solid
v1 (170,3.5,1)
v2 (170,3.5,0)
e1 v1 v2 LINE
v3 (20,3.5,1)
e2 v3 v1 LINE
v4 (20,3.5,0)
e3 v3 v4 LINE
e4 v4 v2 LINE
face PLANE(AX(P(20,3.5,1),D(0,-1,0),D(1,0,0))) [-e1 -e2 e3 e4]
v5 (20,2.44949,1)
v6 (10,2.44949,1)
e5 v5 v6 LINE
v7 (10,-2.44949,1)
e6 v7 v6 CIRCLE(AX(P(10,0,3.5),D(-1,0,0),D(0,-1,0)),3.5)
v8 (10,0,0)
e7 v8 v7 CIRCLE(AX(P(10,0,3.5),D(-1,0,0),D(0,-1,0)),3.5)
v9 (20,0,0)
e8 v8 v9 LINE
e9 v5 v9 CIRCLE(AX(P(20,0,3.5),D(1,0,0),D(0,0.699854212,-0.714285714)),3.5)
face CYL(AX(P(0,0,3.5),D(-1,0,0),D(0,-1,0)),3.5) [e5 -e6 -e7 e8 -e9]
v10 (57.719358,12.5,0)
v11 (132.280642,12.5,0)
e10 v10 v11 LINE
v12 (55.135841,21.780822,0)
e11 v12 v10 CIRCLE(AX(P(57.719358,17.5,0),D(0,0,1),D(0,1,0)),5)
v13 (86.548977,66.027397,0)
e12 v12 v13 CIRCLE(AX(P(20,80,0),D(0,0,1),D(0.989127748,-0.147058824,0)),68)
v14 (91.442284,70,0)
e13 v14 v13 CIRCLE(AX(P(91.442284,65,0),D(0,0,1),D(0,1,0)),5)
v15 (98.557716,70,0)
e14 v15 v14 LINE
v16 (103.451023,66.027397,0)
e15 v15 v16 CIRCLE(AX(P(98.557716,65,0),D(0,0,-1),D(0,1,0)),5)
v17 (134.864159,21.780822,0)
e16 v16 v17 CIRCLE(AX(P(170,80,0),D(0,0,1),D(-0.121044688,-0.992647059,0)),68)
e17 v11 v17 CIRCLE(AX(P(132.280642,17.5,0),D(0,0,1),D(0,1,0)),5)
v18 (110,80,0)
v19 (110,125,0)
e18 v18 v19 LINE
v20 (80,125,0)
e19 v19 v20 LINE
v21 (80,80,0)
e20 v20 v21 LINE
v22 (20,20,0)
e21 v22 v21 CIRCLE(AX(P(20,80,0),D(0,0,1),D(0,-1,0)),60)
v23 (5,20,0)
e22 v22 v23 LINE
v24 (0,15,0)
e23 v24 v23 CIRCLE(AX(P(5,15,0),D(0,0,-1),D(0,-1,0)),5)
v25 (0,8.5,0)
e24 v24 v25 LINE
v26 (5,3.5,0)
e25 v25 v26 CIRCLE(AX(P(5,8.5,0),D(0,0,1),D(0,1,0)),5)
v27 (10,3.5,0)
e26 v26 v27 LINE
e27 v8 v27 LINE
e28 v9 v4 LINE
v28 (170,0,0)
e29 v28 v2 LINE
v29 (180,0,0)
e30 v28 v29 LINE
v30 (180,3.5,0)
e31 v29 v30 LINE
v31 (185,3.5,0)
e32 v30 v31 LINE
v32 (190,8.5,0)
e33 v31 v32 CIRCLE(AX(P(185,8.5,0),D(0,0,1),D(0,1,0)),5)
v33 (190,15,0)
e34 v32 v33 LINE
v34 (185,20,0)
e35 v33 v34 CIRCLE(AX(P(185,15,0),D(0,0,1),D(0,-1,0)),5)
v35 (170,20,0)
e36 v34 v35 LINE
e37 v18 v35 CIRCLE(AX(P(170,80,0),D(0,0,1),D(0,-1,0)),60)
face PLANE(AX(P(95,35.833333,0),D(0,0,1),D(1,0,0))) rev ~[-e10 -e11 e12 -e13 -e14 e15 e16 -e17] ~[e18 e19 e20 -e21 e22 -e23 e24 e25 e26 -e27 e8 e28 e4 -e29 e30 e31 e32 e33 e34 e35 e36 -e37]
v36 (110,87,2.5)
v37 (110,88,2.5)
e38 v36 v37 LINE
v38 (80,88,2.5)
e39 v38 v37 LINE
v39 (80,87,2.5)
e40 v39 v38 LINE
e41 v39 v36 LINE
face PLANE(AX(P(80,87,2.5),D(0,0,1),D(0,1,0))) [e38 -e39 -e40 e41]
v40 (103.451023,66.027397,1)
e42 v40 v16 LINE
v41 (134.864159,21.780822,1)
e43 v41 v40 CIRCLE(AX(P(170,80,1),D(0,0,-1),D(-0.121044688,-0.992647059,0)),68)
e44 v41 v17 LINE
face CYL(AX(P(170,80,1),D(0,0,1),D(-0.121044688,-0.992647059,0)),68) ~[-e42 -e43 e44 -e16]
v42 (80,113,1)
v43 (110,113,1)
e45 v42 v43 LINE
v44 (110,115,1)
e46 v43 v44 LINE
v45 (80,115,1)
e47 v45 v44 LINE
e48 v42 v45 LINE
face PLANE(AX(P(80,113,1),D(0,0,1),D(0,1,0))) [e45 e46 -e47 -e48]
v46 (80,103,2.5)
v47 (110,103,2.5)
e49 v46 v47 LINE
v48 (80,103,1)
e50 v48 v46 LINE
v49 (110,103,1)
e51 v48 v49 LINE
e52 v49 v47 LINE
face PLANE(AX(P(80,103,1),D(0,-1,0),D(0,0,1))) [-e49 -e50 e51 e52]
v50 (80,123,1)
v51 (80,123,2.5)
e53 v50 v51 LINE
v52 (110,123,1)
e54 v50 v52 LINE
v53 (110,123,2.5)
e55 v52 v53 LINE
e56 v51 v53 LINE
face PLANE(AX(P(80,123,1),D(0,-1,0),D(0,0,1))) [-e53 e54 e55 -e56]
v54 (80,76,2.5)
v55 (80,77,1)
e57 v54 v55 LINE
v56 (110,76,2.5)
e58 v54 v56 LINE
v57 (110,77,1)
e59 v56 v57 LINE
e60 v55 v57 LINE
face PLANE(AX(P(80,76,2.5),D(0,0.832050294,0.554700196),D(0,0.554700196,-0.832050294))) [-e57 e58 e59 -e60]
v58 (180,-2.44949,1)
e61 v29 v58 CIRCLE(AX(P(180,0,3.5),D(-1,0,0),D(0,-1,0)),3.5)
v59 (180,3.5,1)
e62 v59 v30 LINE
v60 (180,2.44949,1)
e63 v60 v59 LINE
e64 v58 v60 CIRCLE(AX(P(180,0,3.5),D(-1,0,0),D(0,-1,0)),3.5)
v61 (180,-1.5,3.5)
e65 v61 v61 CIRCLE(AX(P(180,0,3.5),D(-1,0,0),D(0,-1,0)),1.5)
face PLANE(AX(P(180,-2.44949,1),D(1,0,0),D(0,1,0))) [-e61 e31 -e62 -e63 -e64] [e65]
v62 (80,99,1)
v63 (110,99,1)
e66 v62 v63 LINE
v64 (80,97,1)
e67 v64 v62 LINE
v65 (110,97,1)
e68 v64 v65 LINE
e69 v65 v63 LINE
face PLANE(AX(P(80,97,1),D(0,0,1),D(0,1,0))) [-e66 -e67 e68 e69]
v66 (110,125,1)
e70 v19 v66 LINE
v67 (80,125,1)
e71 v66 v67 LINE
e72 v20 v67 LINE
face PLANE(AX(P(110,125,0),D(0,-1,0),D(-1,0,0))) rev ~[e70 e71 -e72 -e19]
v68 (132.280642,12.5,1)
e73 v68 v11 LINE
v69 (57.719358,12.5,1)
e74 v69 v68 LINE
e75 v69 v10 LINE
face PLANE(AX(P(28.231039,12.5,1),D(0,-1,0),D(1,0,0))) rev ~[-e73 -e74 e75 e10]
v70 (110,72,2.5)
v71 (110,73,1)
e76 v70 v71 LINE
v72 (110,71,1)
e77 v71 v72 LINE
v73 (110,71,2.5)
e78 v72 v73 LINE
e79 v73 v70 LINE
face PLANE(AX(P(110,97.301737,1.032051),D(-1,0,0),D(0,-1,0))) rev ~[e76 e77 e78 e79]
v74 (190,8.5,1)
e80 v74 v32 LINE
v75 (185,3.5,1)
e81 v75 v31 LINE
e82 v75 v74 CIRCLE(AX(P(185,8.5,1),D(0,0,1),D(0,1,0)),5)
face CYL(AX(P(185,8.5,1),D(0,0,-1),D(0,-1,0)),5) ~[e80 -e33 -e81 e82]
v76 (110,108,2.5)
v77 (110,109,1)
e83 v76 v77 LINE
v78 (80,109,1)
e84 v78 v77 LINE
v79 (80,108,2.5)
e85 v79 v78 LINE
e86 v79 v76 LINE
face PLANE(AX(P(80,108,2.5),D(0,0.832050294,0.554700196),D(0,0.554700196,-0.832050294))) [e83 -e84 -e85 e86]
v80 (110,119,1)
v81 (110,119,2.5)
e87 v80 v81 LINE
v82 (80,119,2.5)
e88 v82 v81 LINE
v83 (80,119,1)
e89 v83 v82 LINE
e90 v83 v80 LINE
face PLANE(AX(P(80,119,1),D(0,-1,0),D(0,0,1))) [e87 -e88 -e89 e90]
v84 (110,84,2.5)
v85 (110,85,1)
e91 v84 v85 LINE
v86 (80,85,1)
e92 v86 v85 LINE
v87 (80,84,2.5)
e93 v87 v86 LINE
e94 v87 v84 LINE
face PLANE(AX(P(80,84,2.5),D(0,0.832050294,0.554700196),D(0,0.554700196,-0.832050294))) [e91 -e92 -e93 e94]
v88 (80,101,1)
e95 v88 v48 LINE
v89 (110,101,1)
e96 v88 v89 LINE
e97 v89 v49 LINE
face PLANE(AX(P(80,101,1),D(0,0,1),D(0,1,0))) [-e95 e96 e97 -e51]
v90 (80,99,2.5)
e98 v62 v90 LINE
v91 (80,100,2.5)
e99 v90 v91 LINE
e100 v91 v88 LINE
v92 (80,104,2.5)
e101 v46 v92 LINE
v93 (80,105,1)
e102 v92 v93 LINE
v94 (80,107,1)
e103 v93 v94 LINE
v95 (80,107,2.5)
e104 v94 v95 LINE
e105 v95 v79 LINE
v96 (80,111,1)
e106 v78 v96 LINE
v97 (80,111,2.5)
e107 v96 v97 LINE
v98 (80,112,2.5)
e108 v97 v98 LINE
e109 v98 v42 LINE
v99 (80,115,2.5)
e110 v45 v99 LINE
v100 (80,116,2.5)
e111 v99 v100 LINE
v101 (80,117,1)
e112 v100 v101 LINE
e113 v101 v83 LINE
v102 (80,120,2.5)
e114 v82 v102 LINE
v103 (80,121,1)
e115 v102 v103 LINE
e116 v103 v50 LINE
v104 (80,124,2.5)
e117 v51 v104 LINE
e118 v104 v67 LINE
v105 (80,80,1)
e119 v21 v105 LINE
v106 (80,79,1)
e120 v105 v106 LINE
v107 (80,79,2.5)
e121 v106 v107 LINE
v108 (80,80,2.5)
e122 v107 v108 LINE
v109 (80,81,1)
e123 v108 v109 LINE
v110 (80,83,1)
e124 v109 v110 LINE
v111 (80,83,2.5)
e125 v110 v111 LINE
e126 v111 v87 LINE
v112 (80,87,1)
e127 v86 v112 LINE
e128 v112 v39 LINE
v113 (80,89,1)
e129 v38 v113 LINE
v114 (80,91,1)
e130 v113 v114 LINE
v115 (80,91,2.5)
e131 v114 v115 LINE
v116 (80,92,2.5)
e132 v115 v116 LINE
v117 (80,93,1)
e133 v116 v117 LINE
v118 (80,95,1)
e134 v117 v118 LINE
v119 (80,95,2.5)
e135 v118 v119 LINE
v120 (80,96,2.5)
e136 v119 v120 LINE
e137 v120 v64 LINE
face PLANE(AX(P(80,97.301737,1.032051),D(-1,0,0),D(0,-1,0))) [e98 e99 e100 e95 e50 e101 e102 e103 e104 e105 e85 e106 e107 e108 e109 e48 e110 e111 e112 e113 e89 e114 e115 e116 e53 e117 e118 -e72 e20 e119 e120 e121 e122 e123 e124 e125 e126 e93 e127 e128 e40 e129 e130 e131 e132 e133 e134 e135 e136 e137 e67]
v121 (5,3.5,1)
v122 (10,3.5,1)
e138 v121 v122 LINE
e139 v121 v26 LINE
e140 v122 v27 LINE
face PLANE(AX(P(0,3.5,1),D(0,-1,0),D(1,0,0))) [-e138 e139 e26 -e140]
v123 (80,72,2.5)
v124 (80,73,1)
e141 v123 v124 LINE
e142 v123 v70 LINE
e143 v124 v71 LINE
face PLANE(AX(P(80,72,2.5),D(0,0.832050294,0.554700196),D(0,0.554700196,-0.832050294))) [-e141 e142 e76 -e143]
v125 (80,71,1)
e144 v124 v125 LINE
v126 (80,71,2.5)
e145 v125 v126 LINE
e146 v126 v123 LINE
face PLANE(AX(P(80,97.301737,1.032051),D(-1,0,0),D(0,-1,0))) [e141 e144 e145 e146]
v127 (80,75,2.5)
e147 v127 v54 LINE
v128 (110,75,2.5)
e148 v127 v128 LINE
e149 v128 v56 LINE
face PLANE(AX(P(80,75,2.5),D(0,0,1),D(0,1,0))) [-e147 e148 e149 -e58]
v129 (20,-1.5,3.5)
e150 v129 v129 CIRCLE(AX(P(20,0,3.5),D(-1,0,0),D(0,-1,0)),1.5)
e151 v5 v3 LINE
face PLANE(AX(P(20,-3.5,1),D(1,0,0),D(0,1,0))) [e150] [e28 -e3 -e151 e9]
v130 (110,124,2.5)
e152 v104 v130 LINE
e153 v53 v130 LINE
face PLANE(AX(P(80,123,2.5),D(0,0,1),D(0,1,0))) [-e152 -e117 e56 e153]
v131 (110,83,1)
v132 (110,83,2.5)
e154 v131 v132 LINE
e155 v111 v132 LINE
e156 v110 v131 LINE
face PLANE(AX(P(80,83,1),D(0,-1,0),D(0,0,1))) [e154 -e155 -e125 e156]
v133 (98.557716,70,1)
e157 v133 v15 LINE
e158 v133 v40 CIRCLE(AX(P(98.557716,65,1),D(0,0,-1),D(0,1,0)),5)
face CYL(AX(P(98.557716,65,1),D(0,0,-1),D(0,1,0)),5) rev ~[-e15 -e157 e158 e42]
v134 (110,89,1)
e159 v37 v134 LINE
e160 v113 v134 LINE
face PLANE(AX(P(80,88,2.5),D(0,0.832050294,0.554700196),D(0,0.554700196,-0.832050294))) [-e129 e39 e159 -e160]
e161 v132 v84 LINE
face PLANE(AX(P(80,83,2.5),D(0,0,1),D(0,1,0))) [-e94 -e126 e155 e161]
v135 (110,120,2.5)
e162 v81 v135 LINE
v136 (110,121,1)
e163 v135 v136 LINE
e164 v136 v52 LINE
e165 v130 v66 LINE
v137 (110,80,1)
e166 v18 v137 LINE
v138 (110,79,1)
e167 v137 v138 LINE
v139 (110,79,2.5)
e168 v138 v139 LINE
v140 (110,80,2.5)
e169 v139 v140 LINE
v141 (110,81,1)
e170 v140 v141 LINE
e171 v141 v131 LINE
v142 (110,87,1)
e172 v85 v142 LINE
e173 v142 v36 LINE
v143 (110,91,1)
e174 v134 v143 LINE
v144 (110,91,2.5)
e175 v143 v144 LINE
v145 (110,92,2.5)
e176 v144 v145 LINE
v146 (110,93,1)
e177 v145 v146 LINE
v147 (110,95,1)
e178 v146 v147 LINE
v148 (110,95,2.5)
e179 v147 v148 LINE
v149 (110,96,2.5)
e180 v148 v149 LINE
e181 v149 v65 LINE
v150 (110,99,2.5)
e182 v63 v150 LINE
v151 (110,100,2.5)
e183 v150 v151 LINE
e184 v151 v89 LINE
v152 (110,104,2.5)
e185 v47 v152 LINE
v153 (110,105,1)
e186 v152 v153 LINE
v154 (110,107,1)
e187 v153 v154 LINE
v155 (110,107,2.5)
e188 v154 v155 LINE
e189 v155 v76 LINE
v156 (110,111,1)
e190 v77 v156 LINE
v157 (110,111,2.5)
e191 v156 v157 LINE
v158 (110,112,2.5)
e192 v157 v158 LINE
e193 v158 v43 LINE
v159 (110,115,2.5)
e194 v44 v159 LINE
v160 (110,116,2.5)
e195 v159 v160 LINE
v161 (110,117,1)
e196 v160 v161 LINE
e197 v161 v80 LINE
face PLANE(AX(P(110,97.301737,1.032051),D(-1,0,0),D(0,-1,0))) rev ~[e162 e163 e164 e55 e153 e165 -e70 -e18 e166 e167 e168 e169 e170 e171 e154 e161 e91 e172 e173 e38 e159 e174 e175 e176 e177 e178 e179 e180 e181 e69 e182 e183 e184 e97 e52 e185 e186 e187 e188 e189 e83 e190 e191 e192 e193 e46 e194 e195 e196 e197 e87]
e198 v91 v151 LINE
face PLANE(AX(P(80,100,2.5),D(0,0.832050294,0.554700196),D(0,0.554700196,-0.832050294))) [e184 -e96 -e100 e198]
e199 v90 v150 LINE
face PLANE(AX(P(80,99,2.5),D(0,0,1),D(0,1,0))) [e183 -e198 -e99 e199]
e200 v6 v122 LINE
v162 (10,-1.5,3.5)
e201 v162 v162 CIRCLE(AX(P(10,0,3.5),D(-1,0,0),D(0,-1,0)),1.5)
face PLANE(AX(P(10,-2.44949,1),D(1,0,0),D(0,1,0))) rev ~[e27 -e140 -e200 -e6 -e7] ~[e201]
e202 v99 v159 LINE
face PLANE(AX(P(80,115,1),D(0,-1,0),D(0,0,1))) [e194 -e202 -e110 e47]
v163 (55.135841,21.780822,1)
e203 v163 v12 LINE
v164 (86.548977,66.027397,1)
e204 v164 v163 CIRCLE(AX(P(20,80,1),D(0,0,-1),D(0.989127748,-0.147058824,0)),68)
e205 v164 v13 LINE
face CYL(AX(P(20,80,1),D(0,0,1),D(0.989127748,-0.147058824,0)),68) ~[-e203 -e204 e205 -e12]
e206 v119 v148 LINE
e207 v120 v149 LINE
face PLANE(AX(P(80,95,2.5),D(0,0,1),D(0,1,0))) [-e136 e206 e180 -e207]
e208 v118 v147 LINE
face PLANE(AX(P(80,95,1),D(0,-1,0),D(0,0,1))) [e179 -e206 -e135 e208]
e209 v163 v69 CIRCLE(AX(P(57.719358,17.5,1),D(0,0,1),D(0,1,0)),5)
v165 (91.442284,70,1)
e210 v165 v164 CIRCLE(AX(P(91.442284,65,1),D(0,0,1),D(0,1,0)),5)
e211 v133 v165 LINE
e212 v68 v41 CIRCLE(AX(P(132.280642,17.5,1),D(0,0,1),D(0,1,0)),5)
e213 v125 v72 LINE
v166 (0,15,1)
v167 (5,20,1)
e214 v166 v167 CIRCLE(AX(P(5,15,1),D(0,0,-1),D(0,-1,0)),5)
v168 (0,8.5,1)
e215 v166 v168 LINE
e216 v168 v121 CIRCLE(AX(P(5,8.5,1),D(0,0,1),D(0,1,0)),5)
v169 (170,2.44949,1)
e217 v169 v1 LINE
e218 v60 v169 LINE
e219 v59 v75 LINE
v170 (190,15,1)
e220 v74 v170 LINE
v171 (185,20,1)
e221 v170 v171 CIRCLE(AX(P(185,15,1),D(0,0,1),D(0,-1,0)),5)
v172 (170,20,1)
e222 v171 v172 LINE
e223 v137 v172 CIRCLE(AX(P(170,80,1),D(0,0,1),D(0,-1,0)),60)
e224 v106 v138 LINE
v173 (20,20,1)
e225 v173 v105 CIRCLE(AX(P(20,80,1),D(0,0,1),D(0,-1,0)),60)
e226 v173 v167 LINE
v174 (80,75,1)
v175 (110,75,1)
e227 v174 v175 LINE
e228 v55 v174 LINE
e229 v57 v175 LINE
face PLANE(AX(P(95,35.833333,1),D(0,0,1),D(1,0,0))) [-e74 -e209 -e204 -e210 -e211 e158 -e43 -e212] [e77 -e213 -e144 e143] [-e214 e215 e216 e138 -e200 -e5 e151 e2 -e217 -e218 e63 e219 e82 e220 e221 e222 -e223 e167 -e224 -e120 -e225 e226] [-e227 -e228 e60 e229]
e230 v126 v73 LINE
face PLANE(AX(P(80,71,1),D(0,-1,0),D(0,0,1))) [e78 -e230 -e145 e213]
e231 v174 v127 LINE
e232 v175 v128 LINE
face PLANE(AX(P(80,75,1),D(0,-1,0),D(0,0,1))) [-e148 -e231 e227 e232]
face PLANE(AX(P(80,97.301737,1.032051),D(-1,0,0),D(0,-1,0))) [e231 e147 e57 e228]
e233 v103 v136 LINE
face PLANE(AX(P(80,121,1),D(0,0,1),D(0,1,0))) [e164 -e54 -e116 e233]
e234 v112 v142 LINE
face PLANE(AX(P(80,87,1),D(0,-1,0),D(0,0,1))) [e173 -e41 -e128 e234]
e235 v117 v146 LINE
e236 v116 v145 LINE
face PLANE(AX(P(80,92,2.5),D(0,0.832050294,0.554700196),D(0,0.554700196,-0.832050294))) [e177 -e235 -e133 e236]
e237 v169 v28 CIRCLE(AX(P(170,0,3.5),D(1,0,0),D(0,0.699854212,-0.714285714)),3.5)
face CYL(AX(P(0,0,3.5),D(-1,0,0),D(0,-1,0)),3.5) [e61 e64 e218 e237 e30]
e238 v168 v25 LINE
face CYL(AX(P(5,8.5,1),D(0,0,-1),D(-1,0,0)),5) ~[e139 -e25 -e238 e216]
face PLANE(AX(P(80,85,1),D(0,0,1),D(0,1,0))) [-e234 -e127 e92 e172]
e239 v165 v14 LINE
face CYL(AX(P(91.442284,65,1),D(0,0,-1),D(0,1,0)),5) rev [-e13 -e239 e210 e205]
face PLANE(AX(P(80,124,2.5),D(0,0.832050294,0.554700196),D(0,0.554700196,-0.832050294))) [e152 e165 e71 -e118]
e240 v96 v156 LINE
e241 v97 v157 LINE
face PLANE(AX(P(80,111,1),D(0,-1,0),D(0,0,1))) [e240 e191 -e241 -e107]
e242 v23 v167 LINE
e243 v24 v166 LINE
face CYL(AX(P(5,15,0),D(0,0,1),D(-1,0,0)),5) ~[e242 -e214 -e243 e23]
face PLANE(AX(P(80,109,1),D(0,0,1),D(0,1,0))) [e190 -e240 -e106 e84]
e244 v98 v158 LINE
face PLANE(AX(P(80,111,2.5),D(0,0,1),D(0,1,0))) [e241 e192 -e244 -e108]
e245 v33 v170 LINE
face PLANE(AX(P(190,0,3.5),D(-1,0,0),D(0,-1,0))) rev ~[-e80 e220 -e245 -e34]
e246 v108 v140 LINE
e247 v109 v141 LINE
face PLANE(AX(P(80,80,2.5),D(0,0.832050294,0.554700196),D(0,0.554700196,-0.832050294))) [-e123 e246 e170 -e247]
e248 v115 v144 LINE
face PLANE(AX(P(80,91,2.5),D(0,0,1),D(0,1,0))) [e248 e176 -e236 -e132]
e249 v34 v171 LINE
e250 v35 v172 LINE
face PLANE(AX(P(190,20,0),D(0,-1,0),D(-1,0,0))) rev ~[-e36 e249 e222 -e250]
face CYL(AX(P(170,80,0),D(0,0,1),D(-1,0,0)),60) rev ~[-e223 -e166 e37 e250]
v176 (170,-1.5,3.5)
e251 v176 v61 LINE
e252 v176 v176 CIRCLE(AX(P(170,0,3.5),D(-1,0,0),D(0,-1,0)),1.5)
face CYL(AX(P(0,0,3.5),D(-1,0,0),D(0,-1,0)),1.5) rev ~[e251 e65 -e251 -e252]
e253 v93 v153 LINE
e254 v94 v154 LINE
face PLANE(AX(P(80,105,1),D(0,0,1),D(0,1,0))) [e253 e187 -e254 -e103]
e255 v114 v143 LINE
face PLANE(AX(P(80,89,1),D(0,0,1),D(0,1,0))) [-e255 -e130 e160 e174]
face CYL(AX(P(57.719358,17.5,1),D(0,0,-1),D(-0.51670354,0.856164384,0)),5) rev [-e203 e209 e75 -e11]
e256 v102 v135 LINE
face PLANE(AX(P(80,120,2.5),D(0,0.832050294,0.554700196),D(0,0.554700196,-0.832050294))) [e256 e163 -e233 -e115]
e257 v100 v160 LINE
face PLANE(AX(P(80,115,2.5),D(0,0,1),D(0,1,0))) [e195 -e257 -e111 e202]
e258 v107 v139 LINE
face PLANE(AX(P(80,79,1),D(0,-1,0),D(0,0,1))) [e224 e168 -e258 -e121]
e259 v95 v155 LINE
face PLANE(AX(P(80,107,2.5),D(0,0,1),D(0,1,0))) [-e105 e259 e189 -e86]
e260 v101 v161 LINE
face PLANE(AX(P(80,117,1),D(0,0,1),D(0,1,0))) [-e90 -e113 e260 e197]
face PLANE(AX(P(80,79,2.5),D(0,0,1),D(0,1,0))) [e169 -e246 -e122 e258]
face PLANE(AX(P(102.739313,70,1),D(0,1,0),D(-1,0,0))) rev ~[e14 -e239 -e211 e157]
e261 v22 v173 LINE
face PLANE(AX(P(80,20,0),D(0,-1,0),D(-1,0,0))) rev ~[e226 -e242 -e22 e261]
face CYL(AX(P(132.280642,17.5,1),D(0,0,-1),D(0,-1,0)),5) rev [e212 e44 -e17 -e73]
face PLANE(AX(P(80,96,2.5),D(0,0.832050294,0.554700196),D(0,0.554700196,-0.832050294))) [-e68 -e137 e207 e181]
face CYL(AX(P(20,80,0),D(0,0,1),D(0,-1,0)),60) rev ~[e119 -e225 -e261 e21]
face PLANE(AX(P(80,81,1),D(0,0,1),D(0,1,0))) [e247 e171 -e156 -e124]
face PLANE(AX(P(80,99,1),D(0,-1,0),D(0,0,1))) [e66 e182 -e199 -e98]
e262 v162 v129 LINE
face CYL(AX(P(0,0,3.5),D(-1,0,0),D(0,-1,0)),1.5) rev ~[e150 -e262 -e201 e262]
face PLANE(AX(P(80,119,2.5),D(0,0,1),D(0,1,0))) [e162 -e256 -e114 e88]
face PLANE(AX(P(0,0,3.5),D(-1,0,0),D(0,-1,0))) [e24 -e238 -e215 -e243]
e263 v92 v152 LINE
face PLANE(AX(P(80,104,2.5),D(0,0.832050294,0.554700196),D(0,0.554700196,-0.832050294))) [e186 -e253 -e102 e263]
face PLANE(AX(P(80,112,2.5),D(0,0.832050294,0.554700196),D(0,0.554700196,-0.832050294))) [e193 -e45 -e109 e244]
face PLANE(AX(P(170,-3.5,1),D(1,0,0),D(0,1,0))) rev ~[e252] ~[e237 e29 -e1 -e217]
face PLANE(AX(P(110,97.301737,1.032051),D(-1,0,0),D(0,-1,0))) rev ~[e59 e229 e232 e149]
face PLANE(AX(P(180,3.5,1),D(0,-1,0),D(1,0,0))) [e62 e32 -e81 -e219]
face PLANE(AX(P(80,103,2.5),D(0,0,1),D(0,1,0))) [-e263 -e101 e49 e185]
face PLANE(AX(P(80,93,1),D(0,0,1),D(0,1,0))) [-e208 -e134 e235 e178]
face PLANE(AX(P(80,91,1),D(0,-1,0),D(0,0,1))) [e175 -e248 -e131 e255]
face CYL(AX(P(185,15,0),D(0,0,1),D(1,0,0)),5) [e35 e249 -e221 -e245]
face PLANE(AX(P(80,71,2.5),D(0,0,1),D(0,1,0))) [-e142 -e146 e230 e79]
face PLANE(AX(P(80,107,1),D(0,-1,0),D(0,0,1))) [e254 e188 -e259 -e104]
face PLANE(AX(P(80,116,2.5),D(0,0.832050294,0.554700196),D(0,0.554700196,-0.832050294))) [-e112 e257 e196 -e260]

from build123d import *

# Parameters (mm, degrees)
F1_DEPTH  = 1
F2_R      = 3.5
F2_R_2    = 1.5
F3_DEPTH  = 190
F4_W      = 10
F4_H      = 20
F4_W_2    = 150
F5_DEPTH  = 128.501
F6_W      = 10
F6_H      = 5.9494897428
F6_W_2    = 9.9999999999
F6_W_3    = 150
F6_H_2    = 7
F7_DEPTH  = 1.001
F8_R      = 5
F9_R      = 60
F11_DEPTH = 30
F13_DEPTH = 1.001
F14_R     = 5


with BuildPart() as f1:
    # F0 (on Top) → F1 (new body)
    with BuildSketch(Plane.XY):
        Polygon((0, 20), (0, 0), (190, 0), (190, 20), (110, 20), (110, 125), (80, 125), (80, 20), align=None)
    extrude(amount=F1_DEPTH)

    # F2 (on face) → F3 (join, through all)
    with BuildSketch(Plane(origin=(0, 0, 0), x_dir=(0, -1, 0), z_dir=(-1, 0, 0))):
        with Locations((0, 3.5)):
            Circle(F2_R)
        with Locations((0, 3.5)):
            Circle(F2_R_2, mode=Mode.SUBTRACT)
    extrude(amount=-F3_DEPTH)

    # F4 (on face) → F5 (cut, through all)
    with BuildSketch(Plane(origin=(0, 125, 0), x_dir=(-1, 0, 0), z_dir=(0, 1, 0))):
        with Locations((-185, 11)):
            Rectangle(F4_W, F4_H)
        with Locations((-5, 11)):
            Rectangle(F4_W, F4_H)
        with Locations((-95, 11)):
            Rectangle(F4_W_2, F4_H)
    extrude(amount=-F5_DEPTH, mode=Mode.SUBTRACT)

    # F6 (on face) → F7 (cut, through all)
    with BuildSketch(Plane.XY.offset(1)):
        with Locations((5, 0.5252551286)):
            Rectangle(F6_W, F6_H)
        with Locations((185.0000000001, 0.5252551286)):
            Rectangle(F6_W_2, F6_H)
        with Locations((95, 0)):
            Rectangle(F6_W_3, F6_H_2)
    extrude(amount=-F7_DEPTH, mode=Mode.SUBTRACT)

    # F8
    f8_edges = [f1.edges().sort_by_distance(p)[0] for p in [
        (0, 3.5, 0.5),
        (0, 20, 0.5),
        (190, 3.5, 0.5),
        (190, 20, 0.5),
    ]]
    fillet(f8_edges, radius=F8_R)

    # F9
    f9_edges = [f1.edges().sort_by_distance(p)[0] for p in [
        (80, 20, 0.5),
        (110, 20, 0.5),
    ]]
    fillet(f9_edges, radius=F9_R)

    # F10 (on face) → F11 (join, through all)
    with BuildSketch(Plane(origin=(80, 0, 0), x_dir=(0, -1, 0), z_dir=(-1, 0, 0))):
        Polygon((-124, 2.5), (-125, 1), (-125, 0), (-80, 0), (-69, 1), (-71, 1), (-71, 2.5), (-72, 2.5), (-73, 1), (-75, 1), (-75, 2.5), (-76, 2.5), (-77, 1), (-79, 1), (-79, 2.5), (-80, 2.5), (-81, 1), (-83, 1), (-83, 2.5), (-84, 2.5), (-85, 1), (-87, 1), (-87, 2.5), (-88, 2.5), (-89, 1), (-91, 1), (-91, 2.5), (-92, 2.5), (-93, 1), (-95, 1), (-95, 2.5), (-96, 2.5), (-97, 1), (-99, 1), (-99, 2.5), (-100, 2.5), (-101, 1), (-103, 1), (-103, 2.5), (-104, 2.5), (-105, 1), (-107, 1), (-107, 2.5), (-108, 2.5), (-109, 1), (-111, 1), (-111, 2.5), (-112, 2.5), (-113, 1), (-115, 1), (-115, 2.5), (-116, 2.5), (-117, 1), (-119, 1), (-119, 2.5), (-120, 2.5), (-121, 1), (-123, 1), (-123, 2.5), align=None)
    extrude(amount=-F11_DEPTH)

    # F12 (on face) → F13 (cut, through all)
    with BuildSketch(Plane.XY.offset(1)):
        with BuildLine():
            ThreePointArc((161.7689611834, 12.5), (122.5520004396, 31.2897614693), (102.7393131168, 70))
            Line((102.7393131168, 70), (87.2606868832, 70))
            ThreePointArc((87.2606868832, 70), (67.4479995604, 31.2897614693), (28.2310388166, 12.5))
            Line((28.2310388166, 12.5), (161.7689611834, 12.5))
        make_face()
    extrude(amount=-F13_DEPTH, mode=Mode.SUBTRACT)

    # F14
    f14_edges = [f1.edges().sort_by_distance(p)[0] for p in [
        (28.231039, 12.5, 0.5),
        (161.768961, 12.5, 0.5),
        (87.260687, 70, 0.5),
        (102.739313, 70, 0.5),
    ]]
    fillet(f14_edges, radius=F14_R)


solid = f1.part
